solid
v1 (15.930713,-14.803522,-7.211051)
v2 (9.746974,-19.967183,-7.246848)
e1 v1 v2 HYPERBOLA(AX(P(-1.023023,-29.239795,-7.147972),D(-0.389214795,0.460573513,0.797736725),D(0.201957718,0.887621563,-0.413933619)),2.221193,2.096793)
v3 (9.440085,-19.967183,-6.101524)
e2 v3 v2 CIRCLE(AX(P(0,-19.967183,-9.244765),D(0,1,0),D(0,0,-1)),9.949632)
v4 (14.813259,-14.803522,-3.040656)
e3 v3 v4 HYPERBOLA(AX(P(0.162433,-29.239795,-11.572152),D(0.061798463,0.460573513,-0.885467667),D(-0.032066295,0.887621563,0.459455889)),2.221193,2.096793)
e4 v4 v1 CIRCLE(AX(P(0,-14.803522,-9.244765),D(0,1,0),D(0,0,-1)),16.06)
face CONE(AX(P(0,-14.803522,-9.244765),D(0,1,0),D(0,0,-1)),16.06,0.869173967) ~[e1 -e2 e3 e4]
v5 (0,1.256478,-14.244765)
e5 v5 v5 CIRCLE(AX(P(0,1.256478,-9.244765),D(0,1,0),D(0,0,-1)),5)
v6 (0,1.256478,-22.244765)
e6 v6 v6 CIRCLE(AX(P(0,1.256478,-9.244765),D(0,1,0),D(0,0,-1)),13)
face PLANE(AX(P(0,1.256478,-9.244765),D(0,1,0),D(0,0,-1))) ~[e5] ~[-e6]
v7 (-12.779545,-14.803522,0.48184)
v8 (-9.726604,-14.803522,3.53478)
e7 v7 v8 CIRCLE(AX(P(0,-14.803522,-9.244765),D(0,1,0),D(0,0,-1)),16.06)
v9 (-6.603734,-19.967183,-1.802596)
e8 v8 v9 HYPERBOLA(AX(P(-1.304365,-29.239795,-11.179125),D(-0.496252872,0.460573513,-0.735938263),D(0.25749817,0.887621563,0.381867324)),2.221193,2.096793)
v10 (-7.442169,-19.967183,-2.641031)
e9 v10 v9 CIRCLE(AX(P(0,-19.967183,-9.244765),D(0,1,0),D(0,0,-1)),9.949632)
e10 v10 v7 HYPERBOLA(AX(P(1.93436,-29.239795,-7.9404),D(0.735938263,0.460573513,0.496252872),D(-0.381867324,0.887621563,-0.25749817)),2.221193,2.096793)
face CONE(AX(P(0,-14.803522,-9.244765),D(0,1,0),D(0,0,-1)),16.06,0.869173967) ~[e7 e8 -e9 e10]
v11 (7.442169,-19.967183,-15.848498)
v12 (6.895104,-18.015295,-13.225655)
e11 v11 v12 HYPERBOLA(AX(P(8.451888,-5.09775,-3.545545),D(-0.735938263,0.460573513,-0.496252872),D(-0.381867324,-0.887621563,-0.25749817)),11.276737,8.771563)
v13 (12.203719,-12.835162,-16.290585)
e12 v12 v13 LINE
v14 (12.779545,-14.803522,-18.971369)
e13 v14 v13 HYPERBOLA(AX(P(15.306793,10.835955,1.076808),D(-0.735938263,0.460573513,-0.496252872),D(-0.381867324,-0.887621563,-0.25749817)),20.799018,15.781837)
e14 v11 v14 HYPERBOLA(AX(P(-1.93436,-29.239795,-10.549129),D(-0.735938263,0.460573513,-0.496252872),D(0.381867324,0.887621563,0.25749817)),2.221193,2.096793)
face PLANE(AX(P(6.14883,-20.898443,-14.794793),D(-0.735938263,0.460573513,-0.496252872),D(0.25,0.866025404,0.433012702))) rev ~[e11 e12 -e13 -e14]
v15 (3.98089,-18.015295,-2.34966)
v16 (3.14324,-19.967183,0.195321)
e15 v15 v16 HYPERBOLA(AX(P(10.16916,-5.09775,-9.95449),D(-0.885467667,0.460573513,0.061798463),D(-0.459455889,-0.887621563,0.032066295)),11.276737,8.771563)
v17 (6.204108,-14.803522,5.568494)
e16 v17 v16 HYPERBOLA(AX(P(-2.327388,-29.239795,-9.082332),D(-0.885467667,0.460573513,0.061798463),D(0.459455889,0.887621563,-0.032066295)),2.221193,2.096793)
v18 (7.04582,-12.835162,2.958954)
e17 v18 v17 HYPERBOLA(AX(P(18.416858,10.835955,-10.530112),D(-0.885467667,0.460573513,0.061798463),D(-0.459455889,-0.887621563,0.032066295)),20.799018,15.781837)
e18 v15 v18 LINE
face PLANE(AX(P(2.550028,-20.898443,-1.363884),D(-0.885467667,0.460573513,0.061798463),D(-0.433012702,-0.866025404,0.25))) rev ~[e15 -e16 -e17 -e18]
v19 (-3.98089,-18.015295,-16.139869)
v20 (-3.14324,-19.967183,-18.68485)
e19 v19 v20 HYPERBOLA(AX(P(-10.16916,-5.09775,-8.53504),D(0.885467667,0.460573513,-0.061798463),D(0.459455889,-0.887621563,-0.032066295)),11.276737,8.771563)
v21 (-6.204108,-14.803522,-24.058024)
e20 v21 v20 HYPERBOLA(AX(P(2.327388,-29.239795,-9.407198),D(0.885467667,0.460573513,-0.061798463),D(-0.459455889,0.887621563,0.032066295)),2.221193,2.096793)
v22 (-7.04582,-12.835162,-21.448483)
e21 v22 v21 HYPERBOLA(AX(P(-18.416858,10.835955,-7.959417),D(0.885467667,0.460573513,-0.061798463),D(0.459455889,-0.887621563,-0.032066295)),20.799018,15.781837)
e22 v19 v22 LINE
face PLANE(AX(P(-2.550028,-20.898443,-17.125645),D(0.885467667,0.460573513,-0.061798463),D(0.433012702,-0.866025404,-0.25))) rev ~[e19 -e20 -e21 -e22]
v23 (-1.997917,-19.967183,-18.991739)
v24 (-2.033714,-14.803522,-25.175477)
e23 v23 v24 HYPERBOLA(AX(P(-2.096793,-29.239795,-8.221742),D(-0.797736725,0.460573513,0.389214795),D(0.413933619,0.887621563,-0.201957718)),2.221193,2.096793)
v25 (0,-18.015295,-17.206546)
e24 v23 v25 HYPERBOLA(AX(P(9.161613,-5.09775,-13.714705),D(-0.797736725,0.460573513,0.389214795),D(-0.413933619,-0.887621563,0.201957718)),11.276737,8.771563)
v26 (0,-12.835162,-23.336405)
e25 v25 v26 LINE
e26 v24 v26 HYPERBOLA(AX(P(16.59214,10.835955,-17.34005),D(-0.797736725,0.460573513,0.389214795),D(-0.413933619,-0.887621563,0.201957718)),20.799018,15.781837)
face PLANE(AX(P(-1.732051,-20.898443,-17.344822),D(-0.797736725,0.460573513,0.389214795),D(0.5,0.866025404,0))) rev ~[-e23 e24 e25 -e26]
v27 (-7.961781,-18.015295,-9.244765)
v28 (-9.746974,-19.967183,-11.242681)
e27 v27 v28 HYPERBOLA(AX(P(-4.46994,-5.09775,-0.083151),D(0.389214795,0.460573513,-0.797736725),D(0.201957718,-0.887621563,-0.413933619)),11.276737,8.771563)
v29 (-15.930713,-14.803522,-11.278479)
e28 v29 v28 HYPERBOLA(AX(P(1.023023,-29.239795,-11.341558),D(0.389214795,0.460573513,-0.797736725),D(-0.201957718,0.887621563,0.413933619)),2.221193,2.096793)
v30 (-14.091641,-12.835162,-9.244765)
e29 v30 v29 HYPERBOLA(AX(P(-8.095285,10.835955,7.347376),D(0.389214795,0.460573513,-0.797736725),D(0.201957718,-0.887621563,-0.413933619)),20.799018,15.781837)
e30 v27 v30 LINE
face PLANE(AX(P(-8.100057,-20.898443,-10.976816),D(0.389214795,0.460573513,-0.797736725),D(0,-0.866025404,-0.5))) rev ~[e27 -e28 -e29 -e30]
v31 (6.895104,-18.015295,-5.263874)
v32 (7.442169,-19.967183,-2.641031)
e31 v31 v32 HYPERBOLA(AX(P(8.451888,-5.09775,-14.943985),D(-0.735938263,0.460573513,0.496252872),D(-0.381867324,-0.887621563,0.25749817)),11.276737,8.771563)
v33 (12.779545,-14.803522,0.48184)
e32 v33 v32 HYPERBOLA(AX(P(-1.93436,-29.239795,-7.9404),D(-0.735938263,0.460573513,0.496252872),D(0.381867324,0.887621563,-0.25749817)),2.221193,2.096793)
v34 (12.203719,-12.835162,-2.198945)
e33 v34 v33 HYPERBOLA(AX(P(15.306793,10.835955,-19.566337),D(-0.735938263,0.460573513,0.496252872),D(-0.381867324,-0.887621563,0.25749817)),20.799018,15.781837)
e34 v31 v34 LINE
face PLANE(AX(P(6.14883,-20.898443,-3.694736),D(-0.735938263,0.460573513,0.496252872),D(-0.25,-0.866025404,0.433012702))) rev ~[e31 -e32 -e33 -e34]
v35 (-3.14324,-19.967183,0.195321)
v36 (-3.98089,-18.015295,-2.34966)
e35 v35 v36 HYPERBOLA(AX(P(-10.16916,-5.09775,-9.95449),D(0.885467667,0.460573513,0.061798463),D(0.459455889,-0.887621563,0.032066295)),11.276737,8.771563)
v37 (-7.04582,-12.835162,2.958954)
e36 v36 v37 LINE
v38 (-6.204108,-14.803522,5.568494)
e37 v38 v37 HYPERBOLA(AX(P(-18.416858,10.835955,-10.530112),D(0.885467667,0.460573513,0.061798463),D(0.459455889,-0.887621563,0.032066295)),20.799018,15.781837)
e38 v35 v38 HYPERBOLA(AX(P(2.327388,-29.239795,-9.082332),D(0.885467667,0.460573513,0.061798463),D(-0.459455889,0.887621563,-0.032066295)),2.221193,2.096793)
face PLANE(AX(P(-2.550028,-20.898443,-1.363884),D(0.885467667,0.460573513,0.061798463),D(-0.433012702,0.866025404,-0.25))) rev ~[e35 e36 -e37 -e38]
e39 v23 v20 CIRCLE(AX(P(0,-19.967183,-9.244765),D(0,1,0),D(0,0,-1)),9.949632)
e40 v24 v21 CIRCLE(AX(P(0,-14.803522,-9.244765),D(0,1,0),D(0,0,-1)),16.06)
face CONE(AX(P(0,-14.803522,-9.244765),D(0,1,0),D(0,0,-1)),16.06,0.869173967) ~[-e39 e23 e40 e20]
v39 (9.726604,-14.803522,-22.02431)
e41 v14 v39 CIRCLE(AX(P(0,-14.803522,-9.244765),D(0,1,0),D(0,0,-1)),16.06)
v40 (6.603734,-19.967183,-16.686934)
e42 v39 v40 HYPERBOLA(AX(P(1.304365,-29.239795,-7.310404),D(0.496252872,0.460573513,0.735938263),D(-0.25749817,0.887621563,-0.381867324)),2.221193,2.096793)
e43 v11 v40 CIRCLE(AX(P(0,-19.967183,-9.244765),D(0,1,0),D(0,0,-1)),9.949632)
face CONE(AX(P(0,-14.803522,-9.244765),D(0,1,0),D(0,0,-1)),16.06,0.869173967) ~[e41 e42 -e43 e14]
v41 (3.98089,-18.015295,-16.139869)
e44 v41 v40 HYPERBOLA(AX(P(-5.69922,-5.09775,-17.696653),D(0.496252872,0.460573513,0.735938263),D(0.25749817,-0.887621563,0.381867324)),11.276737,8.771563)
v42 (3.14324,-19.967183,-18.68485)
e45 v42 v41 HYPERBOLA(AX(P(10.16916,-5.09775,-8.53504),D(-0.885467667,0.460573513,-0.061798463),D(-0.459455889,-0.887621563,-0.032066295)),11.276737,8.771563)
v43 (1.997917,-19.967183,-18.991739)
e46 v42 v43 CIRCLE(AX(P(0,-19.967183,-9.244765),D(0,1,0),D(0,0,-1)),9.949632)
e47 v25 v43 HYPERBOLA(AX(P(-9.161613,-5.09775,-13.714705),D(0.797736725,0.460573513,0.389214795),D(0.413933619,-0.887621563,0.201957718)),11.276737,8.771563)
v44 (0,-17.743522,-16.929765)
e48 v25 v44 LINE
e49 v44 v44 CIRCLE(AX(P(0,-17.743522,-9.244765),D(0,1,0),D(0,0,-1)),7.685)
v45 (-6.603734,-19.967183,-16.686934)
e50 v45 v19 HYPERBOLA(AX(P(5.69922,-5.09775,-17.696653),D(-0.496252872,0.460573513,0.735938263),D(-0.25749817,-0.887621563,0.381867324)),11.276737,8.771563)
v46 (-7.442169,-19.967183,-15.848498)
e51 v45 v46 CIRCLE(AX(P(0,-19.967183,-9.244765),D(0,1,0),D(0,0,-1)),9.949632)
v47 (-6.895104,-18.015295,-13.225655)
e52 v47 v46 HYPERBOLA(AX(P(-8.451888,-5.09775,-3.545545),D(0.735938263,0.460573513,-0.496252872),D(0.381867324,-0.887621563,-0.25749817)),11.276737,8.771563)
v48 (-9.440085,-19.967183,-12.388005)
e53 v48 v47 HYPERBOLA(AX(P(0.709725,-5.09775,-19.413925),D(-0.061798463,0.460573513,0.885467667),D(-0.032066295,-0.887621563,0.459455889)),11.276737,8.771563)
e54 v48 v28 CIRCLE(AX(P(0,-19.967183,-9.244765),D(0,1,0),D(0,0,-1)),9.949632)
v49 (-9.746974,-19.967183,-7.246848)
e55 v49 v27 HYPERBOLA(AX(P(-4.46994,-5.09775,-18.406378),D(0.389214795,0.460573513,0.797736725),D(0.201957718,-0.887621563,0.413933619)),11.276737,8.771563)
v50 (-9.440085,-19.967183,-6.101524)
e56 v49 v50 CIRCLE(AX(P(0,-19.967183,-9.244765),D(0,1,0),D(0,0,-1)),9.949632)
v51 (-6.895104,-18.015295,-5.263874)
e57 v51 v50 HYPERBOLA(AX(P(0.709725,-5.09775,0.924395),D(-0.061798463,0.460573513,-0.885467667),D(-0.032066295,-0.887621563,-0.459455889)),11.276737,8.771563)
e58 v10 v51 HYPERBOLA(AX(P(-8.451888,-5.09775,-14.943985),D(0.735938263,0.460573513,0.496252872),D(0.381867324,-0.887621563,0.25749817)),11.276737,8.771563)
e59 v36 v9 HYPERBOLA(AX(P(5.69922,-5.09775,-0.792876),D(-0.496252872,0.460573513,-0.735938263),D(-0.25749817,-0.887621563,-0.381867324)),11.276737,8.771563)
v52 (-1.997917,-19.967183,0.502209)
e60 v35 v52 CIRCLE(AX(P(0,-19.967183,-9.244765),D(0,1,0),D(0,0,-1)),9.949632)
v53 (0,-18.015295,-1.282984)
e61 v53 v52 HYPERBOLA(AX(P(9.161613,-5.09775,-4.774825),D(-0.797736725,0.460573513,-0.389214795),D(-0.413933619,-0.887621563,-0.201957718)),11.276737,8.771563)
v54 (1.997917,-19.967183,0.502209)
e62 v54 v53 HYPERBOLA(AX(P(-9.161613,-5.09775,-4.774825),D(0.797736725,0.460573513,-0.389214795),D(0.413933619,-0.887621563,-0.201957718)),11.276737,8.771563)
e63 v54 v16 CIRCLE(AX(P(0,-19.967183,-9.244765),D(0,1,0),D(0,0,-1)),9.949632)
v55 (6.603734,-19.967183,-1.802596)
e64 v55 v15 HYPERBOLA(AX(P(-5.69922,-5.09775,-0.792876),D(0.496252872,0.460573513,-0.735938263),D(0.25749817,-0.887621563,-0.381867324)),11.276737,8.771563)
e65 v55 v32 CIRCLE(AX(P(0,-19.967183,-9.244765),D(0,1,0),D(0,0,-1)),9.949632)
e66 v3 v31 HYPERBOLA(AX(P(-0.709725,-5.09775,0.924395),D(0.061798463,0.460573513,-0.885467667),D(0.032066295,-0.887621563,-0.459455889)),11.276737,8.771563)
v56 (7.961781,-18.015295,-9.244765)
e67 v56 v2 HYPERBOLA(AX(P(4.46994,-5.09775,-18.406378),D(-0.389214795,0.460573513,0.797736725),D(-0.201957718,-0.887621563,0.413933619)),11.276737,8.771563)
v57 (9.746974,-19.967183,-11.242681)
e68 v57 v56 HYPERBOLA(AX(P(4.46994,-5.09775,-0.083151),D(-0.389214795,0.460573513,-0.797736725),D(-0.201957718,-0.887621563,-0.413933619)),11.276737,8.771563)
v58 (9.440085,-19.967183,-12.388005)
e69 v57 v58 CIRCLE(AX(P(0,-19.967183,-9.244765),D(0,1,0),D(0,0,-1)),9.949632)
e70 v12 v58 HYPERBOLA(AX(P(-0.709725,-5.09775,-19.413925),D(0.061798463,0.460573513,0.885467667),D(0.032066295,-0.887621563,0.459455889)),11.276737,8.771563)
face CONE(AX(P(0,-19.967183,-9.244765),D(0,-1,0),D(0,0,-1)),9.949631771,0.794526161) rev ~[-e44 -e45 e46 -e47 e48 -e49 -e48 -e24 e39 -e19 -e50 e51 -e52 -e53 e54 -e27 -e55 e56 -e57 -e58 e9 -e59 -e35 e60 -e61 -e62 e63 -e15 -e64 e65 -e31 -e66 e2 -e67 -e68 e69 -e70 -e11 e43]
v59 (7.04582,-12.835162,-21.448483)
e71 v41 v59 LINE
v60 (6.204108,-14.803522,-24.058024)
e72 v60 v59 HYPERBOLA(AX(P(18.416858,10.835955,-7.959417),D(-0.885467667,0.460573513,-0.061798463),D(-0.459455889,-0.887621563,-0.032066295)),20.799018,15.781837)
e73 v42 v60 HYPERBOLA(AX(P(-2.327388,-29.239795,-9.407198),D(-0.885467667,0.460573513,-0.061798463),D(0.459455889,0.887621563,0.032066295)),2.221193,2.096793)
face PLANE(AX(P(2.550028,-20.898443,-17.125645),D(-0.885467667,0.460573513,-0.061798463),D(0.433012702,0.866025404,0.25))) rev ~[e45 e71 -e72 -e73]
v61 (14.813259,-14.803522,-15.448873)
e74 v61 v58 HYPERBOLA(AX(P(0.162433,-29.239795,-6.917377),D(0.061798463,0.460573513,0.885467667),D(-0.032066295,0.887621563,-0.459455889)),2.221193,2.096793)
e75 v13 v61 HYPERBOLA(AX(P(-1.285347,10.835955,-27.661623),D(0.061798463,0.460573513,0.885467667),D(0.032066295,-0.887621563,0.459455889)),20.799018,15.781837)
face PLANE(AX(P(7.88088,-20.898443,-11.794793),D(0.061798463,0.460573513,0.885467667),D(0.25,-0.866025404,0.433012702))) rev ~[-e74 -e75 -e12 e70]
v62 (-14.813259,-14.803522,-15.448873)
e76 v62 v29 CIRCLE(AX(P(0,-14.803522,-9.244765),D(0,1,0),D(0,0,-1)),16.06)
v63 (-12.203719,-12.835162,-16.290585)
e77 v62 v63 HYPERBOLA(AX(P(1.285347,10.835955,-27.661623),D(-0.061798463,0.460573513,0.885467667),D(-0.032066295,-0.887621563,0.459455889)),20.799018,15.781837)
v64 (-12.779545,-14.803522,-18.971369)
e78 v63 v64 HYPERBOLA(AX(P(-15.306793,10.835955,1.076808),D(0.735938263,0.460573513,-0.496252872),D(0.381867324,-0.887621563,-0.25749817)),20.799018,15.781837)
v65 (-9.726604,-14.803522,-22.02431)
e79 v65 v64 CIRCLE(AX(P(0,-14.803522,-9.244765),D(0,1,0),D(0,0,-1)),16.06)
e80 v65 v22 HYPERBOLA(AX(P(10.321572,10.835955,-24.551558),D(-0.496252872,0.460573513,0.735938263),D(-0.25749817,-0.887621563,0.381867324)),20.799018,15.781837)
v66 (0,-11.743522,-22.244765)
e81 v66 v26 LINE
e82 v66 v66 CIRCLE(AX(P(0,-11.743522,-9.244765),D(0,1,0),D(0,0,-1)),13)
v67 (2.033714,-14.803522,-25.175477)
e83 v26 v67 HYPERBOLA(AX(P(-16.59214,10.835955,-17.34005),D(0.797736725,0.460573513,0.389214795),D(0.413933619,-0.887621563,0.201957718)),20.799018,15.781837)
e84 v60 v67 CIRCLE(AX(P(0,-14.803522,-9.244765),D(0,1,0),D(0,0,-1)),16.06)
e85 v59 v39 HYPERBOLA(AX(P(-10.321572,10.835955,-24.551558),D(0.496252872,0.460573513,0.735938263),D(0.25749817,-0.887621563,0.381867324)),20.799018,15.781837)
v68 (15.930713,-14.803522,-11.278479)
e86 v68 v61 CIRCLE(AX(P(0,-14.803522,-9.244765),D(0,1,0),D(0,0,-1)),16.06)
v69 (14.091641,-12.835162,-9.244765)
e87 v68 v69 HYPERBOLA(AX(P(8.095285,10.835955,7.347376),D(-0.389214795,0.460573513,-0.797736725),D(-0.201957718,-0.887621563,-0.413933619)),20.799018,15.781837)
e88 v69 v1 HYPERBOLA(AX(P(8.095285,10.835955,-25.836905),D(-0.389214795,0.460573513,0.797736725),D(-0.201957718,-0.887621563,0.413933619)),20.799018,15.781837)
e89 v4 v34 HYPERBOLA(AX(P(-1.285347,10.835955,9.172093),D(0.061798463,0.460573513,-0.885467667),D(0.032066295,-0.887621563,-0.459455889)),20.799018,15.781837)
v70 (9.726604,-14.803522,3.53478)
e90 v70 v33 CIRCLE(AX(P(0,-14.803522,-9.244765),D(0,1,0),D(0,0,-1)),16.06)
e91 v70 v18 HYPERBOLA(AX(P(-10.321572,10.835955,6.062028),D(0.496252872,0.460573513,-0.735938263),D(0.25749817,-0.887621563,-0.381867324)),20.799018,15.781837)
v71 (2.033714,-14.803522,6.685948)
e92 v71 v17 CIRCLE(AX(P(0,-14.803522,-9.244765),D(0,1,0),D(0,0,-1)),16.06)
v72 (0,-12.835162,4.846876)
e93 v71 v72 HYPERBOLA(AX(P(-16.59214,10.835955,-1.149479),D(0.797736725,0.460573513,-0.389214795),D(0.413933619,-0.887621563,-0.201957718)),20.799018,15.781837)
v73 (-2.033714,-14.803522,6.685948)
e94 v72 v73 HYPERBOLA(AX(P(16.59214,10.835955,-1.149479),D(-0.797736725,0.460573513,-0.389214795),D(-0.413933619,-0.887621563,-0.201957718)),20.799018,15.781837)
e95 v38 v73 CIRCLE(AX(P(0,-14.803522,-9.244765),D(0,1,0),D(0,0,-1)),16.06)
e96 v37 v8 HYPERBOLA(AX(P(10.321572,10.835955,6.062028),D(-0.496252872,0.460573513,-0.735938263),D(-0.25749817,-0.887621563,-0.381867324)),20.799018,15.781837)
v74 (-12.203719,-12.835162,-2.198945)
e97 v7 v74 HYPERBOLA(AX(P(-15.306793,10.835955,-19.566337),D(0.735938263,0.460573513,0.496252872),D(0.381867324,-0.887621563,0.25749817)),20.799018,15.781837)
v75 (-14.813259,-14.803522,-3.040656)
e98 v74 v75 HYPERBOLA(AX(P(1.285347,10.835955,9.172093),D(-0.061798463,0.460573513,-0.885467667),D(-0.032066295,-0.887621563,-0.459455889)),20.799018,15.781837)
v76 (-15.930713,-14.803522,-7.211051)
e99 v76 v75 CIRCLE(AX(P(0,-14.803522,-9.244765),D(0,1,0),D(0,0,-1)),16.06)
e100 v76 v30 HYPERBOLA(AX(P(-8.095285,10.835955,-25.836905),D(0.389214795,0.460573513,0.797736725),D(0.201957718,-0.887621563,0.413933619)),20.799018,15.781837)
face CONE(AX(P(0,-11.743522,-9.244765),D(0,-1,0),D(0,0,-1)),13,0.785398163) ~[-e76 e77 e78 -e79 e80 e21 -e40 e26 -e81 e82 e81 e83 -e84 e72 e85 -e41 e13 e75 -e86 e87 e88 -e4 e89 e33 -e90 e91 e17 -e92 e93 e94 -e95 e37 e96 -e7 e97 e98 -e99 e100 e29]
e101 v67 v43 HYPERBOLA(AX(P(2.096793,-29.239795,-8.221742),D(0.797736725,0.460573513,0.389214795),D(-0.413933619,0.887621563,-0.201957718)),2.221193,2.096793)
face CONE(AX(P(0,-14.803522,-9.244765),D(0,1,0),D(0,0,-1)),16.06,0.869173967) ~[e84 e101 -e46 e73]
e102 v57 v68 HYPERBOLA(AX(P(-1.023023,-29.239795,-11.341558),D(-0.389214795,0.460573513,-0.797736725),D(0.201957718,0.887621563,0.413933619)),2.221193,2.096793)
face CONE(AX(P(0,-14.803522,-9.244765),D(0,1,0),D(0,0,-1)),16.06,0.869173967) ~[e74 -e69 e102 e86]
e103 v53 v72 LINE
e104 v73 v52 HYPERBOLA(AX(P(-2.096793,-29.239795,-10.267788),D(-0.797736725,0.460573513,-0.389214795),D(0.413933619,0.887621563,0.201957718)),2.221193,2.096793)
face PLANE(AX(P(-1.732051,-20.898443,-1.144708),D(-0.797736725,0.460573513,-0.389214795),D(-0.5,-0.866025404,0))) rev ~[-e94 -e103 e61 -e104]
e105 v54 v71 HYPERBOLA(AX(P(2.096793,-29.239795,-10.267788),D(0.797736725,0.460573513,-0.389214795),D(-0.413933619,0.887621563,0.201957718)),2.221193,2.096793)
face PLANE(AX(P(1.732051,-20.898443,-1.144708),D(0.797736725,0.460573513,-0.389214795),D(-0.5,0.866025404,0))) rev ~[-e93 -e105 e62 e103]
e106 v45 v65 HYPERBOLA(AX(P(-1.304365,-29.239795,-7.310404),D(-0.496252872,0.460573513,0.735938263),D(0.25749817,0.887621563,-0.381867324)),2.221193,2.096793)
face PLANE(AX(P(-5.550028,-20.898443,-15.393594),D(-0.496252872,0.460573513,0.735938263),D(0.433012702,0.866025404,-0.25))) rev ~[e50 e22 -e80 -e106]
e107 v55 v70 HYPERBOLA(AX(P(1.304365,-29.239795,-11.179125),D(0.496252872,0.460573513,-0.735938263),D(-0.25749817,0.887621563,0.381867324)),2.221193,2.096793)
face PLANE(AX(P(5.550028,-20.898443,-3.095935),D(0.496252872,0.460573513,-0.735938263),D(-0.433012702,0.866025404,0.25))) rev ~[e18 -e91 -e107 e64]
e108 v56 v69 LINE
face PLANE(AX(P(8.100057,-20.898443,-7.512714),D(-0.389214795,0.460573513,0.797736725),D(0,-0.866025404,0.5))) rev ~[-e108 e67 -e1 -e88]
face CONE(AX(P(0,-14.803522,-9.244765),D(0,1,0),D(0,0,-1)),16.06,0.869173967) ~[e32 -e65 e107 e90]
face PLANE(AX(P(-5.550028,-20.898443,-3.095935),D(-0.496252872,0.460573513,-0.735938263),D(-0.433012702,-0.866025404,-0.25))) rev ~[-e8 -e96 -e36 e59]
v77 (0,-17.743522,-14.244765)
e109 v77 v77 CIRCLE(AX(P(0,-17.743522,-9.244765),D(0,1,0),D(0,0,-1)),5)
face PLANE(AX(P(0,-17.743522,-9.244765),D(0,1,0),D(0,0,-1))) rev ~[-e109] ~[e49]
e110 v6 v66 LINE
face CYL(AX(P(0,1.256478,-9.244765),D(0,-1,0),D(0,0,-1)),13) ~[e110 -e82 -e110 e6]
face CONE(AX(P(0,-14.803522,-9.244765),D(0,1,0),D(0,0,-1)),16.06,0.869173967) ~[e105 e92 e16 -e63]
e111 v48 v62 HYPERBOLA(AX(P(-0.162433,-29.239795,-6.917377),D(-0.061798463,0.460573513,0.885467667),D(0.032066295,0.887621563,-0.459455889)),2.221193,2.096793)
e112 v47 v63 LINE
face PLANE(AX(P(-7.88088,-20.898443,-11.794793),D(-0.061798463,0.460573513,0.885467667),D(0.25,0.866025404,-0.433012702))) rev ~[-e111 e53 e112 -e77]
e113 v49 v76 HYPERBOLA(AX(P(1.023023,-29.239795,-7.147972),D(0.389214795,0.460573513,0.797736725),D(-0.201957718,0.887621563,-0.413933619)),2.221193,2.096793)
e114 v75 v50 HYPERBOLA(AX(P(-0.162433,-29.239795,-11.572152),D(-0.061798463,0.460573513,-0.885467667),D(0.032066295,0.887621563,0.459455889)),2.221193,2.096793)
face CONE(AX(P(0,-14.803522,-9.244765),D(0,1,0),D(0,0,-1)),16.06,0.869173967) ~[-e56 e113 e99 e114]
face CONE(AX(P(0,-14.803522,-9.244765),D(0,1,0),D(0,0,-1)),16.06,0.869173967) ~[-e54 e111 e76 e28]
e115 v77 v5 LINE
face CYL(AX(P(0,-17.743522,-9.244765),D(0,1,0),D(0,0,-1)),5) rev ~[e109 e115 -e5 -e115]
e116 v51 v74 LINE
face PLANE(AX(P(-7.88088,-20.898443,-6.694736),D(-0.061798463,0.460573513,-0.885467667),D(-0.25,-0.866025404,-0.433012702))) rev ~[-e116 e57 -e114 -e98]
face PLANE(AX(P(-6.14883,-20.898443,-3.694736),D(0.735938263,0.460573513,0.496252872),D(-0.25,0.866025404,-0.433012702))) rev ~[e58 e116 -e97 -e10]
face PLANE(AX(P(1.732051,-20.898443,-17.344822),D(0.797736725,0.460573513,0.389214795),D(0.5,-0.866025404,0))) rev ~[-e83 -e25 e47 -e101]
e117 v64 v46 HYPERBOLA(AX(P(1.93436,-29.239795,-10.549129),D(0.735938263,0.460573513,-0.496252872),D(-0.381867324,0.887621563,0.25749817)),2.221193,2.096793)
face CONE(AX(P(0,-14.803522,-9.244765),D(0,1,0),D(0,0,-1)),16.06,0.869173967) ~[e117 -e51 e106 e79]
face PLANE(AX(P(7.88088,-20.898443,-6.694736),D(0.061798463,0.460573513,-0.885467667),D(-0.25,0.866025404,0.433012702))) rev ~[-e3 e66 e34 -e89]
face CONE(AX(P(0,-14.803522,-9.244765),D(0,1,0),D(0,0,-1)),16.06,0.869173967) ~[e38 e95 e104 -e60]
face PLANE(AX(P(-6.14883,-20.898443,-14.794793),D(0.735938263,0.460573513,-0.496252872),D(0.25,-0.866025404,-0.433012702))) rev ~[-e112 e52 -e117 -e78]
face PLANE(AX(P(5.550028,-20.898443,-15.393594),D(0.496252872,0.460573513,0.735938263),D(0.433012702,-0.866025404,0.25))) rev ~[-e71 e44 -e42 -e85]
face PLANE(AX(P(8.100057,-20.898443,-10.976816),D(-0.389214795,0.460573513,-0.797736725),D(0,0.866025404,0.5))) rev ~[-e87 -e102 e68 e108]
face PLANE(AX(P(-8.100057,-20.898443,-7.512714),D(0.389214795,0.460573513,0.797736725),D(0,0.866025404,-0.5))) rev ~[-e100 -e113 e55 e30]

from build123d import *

# Parameters (mm, degrees)
CIRPATTERN1_COUNT = 12


with BuildPart() as part:
    # Sketch2 → Revolve1 (revolve)
    with BuildSketch(Plane.YZ, mode=Mode.PRIVATE) as revolve1_sk:
        Polygon((-11.743521681, 3.755235238), (-14.803521681, 6.815235238), (-19.967183183, 0.704867009), (-17.743521681, -1.559764762), (-17.743521681, -4.244764762), (1.256478319, -4.244764762), (1.256478319, -1.559764762), (1.256478319, 3.755235238), align=None)
    revolve(revolve1_sk.sketch.rotate(Axis((0, -25.391509901, -9.244764762), (0, 1, 0)), 180), axis=Axis((0, -25.391509901, -9.244764762), (0, 1, 0)))

    # Cut-Sweep1: sweep along a path in Sketch8
    with BuildLine(Plane.YZ) as cut_sweep1_path:
        Line((-28.743521681, -9.244764762), (-15.053364124, 6.955349006))
    # Sketch9 → Cut-Sweep1 (sweep, cut)
    with BuildSketch(Plane.XY.offset(-9.244764762)):
        Polygon((3.464101615, -30.743521681), (0, -24.743521681), (-3.464101615, -30.743521681), align=None)
    cut_sweep1 = sweep(path=cut_sweep1_path.line, mode=Mode.SUBTRACT)

    # CirPattern1: Cut-Sweep1 ×12 about axis
    cirpattern1_axis = Axis((0, 0, -9.244764762), (0, 1, 0))
    for i in range(1, CIRPATTERN1_COUNT):
        add(cut_sweep1.rotate(cirpattern1_axis, i * 360 / CIRPATTERN1_COUNT), mode=Mode.SUBTRACT)


solid = part.part
